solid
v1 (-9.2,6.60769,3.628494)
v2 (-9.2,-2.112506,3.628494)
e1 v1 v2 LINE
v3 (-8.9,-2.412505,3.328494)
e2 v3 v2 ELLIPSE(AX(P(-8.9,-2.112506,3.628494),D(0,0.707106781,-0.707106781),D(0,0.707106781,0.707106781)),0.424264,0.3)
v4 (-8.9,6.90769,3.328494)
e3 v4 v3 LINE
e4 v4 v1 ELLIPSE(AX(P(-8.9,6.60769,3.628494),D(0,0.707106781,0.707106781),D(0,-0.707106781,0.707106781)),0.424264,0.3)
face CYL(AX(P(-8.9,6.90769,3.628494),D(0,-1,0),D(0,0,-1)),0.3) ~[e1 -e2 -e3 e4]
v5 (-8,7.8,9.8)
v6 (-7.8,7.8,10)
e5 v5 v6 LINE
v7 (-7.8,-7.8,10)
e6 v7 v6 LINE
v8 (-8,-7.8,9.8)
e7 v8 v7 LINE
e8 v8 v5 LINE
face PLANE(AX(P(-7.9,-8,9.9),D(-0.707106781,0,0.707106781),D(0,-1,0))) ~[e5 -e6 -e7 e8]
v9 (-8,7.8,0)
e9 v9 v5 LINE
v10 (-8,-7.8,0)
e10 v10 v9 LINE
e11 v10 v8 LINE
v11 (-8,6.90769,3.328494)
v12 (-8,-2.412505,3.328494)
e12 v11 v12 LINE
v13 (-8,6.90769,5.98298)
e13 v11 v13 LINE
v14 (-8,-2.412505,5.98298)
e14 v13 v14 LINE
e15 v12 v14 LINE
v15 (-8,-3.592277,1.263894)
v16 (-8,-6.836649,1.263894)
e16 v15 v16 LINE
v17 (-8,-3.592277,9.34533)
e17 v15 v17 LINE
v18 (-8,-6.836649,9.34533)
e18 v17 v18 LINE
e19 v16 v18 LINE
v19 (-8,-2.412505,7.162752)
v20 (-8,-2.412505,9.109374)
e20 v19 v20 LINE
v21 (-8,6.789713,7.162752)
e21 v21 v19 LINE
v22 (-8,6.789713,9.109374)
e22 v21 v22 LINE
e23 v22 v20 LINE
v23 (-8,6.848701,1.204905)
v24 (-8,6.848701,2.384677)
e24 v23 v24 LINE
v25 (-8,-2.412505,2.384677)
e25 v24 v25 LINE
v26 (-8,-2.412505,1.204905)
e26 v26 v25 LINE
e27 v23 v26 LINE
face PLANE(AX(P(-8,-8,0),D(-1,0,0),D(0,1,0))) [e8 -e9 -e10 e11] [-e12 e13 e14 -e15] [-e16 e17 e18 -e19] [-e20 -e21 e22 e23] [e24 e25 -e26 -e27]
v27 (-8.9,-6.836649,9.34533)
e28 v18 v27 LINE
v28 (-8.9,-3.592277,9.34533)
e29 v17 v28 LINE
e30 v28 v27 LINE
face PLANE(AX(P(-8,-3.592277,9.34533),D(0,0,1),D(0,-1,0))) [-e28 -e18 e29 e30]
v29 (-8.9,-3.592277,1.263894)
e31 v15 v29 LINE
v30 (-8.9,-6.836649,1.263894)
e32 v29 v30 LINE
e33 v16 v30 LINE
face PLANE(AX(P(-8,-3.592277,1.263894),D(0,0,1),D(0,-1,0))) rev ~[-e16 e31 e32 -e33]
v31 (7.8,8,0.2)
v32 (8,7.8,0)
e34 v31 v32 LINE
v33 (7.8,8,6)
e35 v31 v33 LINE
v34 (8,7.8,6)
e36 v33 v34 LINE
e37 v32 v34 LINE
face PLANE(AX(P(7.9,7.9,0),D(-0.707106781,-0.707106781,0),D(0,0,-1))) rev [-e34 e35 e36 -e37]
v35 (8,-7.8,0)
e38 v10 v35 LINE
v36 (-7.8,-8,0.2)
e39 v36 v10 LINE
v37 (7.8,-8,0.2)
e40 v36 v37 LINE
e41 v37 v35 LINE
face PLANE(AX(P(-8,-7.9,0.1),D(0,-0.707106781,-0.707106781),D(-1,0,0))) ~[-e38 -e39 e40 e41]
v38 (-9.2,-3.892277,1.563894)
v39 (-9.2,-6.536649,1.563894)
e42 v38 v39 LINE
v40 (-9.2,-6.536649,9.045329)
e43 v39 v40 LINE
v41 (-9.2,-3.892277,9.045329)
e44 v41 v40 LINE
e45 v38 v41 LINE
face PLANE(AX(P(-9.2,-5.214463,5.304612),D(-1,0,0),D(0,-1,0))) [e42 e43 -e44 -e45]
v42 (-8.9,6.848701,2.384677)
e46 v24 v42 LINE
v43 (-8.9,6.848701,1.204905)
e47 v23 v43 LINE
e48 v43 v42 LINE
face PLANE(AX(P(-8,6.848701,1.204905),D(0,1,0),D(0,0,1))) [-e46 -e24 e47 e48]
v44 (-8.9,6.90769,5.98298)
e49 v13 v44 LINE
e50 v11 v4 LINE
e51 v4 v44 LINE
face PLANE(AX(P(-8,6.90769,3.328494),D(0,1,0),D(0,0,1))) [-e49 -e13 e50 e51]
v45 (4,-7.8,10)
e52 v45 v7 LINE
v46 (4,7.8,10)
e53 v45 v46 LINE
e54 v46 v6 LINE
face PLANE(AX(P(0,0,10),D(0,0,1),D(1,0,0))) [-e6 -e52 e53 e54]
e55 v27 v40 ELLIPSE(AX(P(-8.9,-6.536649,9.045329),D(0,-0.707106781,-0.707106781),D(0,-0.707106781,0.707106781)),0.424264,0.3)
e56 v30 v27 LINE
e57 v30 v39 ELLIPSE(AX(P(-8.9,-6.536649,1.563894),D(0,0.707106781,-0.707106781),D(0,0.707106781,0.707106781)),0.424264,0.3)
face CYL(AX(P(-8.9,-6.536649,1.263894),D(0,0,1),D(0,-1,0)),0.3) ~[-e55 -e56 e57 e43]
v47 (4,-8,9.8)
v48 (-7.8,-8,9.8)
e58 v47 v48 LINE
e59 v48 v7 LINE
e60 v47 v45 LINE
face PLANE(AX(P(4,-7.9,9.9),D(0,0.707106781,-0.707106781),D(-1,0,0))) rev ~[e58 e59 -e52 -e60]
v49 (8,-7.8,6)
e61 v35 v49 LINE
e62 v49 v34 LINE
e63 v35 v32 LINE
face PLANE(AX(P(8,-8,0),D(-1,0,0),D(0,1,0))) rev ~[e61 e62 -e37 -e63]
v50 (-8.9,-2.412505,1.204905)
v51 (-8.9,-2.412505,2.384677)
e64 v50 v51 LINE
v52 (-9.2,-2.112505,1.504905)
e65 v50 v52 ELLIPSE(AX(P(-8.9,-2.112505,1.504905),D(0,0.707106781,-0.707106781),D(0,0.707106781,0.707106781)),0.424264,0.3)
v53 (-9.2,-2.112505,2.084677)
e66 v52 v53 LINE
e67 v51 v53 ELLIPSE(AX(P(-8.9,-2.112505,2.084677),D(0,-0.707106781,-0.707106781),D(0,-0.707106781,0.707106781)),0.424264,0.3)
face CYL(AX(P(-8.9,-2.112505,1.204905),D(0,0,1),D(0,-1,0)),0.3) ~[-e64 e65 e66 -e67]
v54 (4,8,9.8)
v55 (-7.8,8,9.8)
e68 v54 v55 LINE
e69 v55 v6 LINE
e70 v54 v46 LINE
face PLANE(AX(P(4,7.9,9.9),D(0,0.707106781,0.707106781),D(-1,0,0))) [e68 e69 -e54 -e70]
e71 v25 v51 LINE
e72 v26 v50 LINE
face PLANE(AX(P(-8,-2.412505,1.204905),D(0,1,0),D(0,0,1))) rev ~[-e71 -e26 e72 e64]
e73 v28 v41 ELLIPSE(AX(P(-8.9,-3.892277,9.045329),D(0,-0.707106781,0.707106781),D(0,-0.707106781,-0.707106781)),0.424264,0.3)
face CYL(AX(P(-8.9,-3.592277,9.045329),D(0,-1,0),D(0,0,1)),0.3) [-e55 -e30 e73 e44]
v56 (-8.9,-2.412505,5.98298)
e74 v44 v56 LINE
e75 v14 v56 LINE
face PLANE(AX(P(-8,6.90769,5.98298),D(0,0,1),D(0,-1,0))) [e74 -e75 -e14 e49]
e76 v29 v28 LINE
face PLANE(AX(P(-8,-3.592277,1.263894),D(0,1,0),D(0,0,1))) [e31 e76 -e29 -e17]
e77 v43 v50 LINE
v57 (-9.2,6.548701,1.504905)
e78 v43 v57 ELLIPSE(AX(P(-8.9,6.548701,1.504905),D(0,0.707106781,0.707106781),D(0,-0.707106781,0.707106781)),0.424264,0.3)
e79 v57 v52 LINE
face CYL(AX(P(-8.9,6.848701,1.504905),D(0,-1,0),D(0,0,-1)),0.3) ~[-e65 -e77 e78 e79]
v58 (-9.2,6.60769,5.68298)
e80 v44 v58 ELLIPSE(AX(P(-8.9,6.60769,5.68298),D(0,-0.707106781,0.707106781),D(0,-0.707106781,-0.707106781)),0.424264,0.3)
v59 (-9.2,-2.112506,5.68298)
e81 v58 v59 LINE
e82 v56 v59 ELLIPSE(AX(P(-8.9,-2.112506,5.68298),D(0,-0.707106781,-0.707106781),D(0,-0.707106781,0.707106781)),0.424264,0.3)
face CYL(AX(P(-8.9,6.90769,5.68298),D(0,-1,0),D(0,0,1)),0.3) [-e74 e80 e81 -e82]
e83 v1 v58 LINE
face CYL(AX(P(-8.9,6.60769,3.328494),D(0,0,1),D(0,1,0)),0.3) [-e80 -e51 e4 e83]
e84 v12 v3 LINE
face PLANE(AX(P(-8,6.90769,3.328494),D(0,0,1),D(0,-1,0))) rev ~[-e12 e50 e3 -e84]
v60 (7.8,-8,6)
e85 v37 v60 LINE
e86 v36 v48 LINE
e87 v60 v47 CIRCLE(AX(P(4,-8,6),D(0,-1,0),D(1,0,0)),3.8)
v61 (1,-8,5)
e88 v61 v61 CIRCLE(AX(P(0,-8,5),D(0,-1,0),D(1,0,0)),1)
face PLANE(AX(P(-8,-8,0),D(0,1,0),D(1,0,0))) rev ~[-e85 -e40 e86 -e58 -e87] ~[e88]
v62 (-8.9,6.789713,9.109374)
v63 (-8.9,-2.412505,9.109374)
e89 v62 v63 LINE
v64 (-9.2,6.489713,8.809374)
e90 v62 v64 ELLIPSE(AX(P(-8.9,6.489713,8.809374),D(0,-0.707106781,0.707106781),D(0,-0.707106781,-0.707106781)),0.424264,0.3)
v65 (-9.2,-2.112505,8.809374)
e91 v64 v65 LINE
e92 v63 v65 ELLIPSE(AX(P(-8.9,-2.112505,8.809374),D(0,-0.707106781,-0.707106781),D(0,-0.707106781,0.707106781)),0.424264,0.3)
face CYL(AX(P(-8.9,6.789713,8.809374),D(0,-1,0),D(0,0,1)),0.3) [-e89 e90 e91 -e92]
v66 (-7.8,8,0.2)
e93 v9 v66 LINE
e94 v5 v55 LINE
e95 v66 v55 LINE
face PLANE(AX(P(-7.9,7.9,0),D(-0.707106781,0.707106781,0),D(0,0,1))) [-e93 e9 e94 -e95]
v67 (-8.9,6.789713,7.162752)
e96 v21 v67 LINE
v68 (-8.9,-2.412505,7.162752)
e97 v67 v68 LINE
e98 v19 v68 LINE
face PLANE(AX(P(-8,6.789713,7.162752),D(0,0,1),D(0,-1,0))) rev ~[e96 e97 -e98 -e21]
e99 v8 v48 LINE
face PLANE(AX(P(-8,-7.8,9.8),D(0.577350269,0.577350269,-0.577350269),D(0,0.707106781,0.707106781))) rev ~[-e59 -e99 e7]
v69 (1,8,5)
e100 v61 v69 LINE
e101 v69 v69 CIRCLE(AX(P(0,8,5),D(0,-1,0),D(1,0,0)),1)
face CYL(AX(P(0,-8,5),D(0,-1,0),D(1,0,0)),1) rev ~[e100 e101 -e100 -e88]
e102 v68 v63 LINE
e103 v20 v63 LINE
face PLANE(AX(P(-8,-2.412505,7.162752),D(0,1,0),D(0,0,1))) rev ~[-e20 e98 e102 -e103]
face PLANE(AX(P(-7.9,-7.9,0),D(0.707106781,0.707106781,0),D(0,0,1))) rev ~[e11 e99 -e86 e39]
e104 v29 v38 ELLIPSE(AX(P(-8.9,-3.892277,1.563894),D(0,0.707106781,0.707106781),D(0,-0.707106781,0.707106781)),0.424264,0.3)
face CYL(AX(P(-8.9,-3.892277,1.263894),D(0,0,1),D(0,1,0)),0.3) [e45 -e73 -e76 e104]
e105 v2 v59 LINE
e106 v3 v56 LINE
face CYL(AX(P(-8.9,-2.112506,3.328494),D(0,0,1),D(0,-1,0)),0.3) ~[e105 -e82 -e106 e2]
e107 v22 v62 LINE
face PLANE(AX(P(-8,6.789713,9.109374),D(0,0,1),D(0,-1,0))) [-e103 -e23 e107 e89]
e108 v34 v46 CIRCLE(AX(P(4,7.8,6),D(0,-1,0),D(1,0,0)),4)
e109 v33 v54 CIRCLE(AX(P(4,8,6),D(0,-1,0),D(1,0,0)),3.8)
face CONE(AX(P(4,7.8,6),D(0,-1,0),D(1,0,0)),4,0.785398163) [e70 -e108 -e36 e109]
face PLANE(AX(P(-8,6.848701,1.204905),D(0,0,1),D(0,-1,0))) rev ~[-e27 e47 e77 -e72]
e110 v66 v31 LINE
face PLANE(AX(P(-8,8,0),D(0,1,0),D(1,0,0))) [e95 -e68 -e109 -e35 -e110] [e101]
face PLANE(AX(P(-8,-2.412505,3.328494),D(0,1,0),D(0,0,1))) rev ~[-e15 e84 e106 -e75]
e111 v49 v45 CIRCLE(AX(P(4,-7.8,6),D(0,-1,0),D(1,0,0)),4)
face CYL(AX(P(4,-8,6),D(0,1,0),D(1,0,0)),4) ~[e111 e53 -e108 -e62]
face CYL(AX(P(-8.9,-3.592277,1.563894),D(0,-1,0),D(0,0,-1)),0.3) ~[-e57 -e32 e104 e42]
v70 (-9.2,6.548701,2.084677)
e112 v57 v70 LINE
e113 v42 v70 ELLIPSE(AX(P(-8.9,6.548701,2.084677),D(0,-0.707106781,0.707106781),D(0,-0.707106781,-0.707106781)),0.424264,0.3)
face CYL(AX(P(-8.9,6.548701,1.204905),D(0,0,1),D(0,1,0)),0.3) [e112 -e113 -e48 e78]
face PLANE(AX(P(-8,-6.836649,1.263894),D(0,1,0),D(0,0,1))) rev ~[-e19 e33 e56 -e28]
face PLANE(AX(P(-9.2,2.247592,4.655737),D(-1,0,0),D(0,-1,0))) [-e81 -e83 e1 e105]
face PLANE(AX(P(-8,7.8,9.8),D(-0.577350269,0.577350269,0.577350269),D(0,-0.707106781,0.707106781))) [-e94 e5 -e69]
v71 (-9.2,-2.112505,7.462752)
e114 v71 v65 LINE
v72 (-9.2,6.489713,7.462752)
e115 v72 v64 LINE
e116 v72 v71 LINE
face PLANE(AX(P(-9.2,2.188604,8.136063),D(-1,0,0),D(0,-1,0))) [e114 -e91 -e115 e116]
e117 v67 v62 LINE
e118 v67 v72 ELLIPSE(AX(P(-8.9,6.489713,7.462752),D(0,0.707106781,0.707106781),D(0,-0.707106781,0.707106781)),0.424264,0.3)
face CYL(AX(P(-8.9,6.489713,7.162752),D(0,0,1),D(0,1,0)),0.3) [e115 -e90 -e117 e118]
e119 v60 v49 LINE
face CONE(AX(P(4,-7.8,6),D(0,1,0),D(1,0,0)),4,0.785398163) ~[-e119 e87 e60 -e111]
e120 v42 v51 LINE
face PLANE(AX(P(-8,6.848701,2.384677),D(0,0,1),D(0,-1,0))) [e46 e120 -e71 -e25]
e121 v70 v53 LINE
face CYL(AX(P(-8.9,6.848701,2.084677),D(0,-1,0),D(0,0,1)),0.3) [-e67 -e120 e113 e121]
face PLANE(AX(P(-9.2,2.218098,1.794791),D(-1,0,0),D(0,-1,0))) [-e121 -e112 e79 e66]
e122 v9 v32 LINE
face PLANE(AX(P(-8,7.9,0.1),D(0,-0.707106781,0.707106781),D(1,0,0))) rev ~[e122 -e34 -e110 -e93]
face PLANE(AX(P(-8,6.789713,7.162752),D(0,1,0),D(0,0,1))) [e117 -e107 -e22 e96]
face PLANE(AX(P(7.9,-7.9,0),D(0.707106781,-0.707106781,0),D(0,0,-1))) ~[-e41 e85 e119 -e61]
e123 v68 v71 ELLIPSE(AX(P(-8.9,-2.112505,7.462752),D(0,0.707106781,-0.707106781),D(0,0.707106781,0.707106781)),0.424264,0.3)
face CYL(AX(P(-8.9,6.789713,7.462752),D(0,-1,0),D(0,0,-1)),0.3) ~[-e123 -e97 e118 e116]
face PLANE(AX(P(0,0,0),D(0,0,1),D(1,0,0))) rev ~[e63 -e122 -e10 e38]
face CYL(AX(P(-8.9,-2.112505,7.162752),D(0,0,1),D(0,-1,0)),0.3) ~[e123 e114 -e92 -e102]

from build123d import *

# Parameters (mm, degrees)
F0_W     = 16
F0_H     = 16
F1_DEPTH = 10
F2_R     = 4
F3_W     = 9.202218
F3_H     = 1.946622
F3_W_2   = 9.320195
F3_H_2   = 2.654486
F3_W_3   = 9.261206
F3_H_3   = 1.179772
F3_W_4   = 3.244372
F3_H_4   = 8.081435
F4_DEPTH = 1.2
F5_R     = 0.3
F6_SIZE  = 0.2
F7_R     = 1
F8_DEPTH = 16.001


with BuildPart() as f1:
    # F0 (on Top) → F1 (new body)
    with BuildSketch(Plane.XY):
        Rectangle(F0_W, F0_H)
    extrude(amount=F1_DEPTH)

    # F2
    f2_edges = [f1.edges().sort_by_distance(p)[0] for p in [
        (8, 0, 10),
    ]]
    fillet(f2_edges, radius=F2_R)

    # F3 (on face) → F4 (join)
    with BuildSketch(Plane(origin=(-8, 0, 0), x_dir=(0, -1, 0), z_dir=(-1, 0, 0))):
        with Locations((-2.188604, 8.136063)):
            Rectangle(F3_W, F3_H)
        with Locations((-2.247592, 4.655737)):
            Rectangle(F3_W_2, F3_H_2)
        with Locations((-2.218098, 1.794791)):
            Rectangle(F3_W_3, F3_H_3)
        with Locations((5.214463, 5.304612)):
            Rectangle(F3_W_4, F3_H_4)
    extrude(amount=F4_DEPTH)

    # F5
    f5_edges = [f1.edges().sort_by_distance(p)[0] for p in [
        (-9.2, 2.188604, 9.109374),
        (-9.2, -2.412505, 8.136063),
        (-9.2, 2.188604, 7.162752),
        (-9.2, 2.247592, 5.98298),
        (-9.2, -2.412505, 4.655737),
        (-9.2, 2.247592, 3.328494),
        (-9.2, 2.218098, 2.384677),
        (-9.2, -2.412505, 1.794791),
        (-9.2, 2.218098, 1.204905),
        (-9.2, -5.214463, 9.345329),
        (-9.2, -6.836649, 5.304612),
        (-9.2, -3.592277, 5.304612),
        (-9.2, -5.214463, 1.263894),
        (-9.2, 6.789713, 8.136063),
        (-9.2, 6.90769, 4.655737),
        (-9.2, 6.848701, 1.794791),
    ]]
    fillet(f5_edges, radius=F5_R)

    # F6
    f6_edges = [f1.edges().sort_by_distance(p)[0] for p in [
        (8, -8, 3),
        (6.828427, -8, 8.828427),
        (0, -8, 0),
        (-2, -8, 10),
        (-8, -8, 5),
        (8, 8, 3),
        (6.828427, 8, 8.828427),
        (0, 8, 0),
        (-2, 8, 10),
        (-8, 8, 5),
        (-8, 0, 10),
    ]]
    chamfer(f6_edges, length=F6_SIZE)

    # F7 (on face) → F8 (cut, through all)
    with BuildSketch(Plane.XZ.offset(8)):
        with Locations((0, 5)):
            Circle(F7_R)
    extrude(amount=-F8_DEPTH, mode=Mode.SUBTRACT)


solid = f1.part
